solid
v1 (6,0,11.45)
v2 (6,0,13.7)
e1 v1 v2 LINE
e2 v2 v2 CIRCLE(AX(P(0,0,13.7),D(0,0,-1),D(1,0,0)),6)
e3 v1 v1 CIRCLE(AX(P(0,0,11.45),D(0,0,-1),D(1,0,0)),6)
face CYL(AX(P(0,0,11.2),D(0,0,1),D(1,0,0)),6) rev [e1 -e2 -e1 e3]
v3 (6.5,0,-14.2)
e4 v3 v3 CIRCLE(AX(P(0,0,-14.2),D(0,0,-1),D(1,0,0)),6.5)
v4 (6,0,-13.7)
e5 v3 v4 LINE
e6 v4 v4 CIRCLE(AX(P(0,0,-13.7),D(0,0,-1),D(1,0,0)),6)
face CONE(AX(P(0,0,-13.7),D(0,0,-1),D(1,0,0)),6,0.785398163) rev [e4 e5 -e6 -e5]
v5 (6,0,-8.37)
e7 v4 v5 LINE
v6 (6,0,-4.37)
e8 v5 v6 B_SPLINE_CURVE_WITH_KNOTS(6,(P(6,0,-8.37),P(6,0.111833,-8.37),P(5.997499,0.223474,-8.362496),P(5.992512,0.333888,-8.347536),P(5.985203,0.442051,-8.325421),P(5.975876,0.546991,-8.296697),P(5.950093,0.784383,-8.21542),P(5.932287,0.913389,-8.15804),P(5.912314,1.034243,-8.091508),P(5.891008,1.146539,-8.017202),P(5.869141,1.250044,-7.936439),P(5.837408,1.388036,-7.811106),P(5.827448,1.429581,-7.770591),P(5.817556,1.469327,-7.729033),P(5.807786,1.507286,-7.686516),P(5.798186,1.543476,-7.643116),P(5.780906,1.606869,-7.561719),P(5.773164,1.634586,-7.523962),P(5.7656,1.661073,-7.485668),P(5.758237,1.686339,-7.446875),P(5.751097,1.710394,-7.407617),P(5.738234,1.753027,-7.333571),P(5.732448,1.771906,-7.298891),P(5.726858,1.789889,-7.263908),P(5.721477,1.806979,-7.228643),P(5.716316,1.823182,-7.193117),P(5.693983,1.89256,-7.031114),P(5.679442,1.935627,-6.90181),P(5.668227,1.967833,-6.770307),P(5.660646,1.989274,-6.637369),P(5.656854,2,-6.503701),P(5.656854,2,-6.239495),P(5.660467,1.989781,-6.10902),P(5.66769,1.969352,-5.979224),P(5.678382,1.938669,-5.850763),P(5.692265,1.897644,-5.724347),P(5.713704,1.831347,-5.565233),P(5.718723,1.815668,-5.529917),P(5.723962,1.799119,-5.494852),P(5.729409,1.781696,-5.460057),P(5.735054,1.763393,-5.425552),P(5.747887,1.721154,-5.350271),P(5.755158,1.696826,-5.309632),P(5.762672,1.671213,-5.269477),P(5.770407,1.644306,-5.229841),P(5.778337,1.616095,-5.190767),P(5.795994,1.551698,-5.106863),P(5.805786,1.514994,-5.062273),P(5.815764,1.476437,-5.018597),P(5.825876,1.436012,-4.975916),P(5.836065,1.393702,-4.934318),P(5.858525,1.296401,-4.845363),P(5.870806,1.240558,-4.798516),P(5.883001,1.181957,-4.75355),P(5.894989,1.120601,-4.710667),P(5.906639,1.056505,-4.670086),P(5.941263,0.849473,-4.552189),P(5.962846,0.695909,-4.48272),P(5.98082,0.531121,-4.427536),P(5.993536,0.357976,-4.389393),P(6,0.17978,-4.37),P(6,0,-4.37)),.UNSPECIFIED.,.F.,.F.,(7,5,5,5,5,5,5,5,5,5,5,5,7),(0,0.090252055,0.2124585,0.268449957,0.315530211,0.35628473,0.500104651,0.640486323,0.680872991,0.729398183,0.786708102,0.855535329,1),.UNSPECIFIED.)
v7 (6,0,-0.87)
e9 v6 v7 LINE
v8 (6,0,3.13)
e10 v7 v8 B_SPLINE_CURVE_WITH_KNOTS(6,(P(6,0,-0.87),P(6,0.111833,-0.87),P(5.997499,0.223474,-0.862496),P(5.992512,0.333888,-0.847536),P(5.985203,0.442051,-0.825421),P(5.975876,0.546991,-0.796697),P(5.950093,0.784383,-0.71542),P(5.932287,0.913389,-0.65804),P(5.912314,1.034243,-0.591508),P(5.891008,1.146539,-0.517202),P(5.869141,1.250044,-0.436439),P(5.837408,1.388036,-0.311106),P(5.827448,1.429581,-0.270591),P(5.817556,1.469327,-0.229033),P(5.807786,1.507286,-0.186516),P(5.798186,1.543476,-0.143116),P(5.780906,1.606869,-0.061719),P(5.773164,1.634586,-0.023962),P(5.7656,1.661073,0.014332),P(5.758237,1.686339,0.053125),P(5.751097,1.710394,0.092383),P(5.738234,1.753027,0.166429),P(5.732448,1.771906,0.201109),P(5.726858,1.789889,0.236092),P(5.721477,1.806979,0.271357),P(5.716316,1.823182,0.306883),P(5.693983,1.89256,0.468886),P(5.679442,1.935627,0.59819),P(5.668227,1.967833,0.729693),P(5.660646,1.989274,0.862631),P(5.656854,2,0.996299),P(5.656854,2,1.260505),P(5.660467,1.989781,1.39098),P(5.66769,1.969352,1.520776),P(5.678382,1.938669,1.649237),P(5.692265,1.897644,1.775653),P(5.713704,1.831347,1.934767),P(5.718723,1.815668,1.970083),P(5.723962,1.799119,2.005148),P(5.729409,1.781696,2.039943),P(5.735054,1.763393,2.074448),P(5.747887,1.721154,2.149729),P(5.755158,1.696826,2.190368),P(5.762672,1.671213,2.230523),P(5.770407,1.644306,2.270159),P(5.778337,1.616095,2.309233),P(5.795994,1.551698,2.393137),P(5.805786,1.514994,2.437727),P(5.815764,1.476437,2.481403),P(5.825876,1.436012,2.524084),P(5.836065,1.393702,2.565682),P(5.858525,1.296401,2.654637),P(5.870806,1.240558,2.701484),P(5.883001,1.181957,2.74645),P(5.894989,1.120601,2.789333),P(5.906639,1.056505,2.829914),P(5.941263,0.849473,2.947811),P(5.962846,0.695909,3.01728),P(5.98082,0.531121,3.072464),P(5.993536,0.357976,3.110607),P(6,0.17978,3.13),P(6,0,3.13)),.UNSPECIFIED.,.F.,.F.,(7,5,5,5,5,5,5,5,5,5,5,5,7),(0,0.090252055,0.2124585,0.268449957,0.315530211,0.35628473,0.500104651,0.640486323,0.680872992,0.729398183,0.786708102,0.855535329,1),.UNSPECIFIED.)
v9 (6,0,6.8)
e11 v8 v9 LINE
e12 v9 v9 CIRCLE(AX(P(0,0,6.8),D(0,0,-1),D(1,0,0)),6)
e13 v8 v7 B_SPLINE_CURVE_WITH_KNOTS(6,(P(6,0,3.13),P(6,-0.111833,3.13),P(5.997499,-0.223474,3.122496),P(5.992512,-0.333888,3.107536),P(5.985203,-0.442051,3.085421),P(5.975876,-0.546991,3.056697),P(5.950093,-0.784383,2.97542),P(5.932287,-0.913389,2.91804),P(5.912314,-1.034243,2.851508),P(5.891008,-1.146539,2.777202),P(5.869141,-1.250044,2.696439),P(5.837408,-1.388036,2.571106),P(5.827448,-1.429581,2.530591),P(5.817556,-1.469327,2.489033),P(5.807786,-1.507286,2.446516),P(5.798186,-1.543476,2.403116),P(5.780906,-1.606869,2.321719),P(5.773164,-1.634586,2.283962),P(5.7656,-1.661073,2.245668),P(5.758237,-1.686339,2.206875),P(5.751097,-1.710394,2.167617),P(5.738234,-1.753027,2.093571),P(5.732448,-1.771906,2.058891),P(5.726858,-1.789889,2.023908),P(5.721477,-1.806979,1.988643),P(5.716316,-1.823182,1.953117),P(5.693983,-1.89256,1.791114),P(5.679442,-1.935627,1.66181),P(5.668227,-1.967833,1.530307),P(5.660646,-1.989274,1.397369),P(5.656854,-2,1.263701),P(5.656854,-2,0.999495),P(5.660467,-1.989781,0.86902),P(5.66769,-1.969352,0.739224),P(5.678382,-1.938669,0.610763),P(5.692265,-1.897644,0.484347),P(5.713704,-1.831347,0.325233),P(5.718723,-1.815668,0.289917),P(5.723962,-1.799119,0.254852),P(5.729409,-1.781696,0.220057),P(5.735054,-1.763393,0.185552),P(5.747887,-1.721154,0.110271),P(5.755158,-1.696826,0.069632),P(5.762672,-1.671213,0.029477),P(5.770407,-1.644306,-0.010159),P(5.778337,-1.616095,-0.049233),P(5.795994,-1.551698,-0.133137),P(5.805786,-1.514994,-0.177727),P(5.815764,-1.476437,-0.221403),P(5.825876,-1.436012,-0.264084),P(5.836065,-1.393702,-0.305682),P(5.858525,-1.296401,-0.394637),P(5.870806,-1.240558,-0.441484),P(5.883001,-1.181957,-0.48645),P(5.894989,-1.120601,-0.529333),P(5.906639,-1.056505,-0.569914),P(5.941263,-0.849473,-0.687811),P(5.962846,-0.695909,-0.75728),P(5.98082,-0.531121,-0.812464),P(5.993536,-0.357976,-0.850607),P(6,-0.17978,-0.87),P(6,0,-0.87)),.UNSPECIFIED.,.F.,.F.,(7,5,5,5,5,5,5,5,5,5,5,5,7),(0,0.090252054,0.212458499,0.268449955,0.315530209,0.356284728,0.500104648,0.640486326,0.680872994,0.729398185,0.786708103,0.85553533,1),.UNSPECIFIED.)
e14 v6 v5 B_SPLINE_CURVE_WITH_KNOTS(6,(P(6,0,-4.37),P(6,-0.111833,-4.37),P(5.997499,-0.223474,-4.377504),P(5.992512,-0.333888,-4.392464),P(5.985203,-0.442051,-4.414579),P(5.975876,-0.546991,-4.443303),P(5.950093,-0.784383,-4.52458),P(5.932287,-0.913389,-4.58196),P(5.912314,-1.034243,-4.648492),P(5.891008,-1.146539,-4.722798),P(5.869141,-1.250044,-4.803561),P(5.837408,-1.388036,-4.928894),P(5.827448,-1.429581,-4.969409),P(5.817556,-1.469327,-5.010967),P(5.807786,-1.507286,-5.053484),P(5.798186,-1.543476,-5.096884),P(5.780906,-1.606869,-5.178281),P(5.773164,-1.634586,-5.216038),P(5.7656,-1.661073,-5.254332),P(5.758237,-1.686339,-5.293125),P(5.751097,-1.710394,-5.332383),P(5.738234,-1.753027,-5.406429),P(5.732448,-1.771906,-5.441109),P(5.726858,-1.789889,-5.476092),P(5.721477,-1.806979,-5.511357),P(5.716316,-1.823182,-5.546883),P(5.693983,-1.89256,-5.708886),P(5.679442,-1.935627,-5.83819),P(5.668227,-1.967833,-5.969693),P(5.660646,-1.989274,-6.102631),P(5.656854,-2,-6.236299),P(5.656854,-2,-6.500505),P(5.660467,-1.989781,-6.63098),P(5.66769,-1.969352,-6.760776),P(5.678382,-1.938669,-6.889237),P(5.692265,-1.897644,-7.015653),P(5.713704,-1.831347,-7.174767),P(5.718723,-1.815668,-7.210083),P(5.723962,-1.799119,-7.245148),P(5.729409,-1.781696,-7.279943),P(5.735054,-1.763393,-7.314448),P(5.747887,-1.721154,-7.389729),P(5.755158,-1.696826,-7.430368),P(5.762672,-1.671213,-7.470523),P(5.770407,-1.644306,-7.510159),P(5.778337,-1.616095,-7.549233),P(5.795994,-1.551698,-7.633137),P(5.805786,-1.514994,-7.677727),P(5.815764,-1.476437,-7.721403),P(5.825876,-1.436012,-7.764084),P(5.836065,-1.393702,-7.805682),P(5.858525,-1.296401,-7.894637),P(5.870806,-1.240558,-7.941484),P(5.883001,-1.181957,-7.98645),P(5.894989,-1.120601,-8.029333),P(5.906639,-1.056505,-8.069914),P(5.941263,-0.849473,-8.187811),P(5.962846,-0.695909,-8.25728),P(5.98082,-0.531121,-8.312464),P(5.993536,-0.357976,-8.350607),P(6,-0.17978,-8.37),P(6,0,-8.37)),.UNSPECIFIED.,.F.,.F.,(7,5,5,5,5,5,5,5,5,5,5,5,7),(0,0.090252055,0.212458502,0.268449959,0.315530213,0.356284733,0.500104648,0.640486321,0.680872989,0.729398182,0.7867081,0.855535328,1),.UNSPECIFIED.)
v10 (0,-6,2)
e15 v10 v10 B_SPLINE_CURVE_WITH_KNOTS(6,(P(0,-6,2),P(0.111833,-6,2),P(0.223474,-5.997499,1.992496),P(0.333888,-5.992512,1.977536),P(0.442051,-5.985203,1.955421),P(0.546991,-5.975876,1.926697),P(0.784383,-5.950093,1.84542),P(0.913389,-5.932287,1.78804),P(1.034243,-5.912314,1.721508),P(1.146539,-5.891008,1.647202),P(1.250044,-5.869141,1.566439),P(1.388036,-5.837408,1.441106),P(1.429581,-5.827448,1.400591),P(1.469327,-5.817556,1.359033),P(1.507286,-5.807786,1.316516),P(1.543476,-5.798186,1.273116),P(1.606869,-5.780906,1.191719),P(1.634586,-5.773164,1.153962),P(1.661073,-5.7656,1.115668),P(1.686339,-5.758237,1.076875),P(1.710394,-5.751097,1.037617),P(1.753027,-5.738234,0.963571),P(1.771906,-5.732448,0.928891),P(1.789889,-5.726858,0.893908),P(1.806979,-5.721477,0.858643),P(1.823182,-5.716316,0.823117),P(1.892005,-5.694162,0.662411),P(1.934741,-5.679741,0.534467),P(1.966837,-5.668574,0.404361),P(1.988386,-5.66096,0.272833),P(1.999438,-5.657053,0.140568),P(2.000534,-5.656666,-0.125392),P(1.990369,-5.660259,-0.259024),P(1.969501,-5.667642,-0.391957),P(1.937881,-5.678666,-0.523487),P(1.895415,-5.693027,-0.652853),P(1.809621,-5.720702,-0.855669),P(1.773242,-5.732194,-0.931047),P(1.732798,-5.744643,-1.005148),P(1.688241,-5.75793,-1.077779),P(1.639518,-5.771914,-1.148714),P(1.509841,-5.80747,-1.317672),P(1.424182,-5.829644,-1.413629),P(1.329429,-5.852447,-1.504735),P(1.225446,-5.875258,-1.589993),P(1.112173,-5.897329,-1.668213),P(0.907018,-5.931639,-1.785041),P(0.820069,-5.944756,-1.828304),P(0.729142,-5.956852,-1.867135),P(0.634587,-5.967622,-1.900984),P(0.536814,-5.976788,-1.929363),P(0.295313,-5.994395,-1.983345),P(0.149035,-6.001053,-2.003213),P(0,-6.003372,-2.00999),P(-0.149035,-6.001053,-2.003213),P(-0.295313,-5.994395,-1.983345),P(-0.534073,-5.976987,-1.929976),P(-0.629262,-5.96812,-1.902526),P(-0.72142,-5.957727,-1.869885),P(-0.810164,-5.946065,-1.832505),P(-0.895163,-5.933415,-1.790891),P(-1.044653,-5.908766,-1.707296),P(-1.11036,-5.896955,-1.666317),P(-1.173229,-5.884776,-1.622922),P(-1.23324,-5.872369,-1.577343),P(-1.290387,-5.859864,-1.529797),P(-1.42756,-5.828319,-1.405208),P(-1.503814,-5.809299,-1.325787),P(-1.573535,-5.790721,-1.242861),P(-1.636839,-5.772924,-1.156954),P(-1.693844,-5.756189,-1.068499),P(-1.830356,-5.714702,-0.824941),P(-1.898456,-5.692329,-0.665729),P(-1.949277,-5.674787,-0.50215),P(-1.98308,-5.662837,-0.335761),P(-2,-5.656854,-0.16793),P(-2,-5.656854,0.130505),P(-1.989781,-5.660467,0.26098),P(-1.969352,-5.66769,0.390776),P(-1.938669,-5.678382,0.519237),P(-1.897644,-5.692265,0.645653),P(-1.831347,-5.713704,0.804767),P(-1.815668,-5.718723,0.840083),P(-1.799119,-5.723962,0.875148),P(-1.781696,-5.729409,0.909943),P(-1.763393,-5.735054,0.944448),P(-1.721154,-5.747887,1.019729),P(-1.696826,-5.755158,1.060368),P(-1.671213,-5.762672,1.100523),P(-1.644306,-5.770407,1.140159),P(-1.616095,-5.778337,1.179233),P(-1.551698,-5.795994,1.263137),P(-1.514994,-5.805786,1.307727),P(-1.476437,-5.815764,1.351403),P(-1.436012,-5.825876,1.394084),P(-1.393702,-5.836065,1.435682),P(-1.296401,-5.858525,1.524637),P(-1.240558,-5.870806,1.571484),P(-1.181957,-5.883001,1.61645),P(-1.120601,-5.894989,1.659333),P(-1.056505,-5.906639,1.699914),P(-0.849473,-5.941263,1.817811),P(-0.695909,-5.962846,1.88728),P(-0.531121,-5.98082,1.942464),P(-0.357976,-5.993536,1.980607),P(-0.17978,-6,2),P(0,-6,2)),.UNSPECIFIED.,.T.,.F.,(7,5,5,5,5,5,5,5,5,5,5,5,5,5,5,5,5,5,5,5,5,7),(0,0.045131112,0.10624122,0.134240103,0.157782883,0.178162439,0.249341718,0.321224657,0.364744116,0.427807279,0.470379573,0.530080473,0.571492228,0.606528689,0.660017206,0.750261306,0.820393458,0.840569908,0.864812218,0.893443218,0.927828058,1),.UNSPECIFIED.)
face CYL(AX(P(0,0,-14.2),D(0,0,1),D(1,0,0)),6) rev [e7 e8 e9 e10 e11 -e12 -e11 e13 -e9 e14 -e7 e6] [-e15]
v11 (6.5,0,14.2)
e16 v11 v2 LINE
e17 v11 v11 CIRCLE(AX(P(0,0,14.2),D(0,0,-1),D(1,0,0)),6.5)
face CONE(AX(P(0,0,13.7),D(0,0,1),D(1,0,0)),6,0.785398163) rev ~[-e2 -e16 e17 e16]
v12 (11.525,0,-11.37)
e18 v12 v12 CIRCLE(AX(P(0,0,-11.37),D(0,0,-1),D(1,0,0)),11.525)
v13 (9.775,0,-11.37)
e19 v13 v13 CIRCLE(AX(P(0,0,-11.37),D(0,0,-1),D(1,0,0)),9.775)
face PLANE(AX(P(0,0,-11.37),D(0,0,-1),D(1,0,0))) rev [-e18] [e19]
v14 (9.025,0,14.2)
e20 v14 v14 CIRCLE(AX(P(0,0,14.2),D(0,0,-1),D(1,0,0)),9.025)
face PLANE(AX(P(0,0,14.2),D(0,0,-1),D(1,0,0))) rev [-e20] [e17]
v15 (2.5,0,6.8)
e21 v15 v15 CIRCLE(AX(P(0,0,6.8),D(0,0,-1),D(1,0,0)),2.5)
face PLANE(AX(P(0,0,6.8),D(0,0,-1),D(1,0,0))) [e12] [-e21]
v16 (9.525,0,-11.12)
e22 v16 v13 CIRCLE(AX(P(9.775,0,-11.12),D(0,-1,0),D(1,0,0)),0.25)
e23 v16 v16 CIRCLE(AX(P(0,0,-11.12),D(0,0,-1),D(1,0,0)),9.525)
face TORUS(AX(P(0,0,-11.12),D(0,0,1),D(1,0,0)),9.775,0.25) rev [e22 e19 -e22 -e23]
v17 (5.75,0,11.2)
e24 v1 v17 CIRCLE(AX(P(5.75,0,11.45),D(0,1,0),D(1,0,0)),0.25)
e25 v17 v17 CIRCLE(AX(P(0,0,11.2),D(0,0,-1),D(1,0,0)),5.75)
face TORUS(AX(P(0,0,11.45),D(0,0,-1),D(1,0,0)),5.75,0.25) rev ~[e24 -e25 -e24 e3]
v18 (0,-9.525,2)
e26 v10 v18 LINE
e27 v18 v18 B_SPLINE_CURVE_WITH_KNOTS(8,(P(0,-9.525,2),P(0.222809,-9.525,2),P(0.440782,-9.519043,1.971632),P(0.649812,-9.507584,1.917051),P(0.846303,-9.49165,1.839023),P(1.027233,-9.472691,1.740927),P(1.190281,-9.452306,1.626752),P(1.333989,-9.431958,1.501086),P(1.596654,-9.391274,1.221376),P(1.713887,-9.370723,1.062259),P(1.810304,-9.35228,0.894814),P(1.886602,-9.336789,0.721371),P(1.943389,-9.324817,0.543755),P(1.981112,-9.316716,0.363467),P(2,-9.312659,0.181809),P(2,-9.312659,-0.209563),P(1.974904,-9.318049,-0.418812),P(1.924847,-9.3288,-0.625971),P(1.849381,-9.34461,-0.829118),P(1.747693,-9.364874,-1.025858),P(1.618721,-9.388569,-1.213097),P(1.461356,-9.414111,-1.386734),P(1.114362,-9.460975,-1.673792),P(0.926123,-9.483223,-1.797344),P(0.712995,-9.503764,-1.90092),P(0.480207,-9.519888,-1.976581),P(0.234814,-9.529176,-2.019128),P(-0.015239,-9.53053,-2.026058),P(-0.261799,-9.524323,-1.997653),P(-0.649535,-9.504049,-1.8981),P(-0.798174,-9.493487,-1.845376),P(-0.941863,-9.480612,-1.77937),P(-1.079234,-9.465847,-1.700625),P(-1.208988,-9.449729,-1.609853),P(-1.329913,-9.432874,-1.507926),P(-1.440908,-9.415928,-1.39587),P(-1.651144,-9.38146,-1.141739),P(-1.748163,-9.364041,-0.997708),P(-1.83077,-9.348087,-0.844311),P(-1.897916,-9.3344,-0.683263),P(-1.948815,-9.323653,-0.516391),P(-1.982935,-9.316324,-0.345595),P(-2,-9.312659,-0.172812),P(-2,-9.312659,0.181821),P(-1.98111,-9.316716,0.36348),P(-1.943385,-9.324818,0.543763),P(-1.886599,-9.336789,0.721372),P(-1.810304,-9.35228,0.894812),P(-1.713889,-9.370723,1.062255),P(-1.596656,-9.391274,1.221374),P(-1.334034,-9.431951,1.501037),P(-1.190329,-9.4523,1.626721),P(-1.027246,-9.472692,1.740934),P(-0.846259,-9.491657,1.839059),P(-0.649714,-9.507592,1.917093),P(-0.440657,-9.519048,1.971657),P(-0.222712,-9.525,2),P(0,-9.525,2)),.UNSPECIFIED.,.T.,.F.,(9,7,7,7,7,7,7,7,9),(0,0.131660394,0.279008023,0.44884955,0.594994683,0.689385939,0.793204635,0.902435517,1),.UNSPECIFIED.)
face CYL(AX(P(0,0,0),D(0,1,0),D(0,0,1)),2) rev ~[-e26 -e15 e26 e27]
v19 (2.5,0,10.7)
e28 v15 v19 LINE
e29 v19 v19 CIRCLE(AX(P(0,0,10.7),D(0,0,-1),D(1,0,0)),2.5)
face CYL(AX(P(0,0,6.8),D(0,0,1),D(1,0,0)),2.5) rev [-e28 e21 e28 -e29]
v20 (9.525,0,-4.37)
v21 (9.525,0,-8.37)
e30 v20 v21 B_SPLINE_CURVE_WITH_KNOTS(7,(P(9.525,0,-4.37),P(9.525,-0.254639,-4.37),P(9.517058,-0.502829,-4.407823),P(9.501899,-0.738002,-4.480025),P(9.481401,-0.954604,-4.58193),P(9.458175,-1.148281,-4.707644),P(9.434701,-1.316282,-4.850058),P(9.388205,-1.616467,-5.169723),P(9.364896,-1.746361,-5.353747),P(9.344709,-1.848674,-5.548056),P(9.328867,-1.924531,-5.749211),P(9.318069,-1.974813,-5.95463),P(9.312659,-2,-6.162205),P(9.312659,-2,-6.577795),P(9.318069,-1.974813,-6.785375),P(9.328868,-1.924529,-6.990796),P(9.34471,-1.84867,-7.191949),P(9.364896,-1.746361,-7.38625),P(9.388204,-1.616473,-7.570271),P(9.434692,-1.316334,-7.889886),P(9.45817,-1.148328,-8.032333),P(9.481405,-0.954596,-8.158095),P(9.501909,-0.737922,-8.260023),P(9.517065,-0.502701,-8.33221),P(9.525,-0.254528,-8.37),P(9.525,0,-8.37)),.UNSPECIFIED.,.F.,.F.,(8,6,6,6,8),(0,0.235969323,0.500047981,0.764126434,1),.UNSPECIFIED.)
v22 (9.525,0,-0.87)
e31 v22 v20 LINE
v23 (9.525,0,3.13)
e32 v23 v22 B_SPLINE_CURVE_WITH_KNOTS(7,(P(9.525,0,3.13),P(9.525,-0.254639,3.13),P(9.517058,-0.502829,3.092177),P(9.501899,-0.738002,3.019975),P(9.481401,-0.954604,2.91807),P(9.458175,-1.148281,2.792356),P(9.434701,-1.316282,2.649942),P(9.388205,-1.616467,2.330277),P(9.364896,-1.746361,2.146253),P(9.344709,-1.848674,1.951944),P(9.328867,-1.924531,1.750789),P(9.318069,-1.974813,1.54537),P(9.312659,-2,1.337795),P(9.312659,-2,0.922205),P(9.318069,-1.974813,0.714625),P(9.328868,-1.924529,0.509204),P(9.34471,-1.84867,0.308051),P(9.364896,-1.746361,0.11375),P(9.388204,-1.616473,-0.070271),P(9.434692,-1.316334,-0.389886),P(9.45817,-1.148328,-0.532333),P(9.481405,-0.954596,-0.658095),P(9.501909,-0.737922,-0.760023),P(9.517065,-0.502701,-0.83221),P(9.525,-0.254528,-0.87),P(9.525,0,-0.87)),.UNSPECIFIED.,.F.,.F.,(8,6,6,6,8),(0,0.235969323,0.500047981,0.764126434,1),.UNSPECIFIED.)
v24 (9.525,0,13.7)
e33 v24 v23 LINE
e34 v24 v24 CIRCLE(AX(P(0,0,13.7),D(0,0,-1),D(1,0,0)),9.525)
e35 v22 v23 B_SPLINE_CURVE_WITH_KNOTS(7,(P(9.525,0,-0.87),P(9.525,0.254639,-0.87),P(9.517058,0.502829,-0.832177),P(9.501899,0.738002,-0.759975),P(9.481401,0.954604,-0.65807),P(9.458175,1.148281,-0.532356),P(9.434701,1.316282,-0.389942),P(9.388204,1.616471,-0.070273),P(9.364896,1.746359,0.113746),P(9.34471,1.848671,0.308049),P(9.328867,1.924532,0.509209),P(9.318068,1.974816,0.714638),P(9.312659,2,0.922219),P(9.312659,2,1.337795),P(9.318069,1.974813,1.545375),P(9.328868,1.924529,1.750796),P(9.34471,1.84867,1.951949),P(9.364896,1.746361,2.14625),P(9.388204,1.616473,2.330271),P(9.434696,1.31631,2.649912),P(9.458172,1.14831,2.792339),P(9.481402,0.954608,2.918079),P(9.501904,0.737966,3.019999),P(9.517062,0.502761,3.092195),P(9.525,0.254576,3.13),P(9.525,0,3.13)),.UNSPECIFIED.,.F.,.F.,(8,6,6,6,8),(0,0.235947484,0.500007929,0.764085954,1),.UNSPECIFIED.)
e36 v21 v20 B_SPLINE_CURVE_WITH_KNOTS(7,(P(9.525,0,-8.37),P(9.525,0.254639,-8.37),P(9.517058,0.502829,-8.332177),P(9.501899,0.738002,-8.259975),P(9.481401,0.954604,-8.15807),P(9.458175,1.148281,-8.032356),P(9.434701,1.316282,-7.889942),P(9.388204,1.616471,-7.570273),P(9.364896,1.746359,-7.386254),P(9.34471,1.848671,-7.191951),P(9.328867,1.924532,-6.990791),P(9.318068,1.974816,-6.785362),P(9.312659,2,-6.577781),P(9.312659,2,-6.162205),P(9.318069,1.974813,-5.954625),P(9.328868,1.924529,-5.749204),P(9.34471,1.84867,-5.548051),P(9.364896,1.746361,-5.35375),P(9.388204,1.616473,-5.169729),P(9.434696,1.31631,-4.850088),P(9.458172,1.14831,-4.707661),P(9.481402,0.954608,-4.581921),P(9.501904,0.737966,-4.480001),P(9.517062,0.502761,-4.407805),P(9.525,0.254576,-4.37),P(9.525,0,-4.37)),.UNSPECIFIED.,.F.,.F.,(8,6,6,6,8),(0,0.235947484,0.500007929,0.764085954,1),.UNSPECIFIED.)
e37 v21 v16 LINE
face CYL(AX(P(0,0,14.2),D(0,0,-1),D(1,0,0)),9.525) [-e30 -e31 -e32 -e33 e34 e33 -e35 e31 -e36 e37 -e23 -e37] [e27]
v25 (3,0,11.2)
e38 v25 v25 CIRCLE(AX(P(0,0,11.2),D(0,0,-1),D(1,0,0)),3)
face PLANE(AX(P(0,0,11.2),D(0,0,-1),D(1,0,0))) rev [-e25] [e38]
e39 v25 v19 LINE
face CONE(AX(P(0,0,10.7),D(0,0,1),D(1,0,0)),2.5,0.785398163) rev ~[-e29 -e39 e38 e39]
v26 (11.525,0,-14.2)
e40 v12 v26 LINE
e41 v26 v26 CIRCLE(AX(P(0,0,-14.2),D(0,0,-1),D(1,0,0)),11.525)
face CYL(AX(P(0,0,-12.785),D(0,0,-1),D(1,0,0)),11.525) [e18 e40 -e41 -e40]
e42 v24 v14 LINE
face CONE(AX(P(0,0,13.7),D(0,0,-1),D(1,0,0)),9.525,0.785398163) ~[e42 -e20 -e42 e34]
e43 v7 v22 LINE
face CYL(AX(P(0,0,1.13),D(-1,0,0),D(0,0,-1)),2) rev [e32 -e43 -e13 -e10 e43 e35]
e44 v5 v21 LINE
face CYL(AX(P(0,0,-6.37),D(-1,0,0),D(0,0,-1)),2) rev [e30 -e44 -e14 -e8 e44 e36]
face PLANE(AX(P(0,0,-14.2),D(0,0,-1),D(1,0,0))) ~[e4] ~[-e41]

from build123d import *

# Parameters (mm, degrees)
SKETCH3_W          = 2.83
SKETCH3_H          = 2
CHAMFER1_SIZE      = 0.5
FILLET1_R          = 0.25
SKETCH4_R          = 2
CUT_EXTRUDE2_DEPTH = 22.616920456
SKETCH5_R          = 2
CUT_EXTRUDE3_DEPTH = 22.616920456


with BuildPart() as part:
    # Sketch1 → Revolve1 (revolve)
    with BuildSketch(Plane(origin=(0, 0, 0), x_dir=(0, 0, -1), z_dir=(1, 0, 0)), mode=Mode.PRIVATE) as revolve1_sk:
        Polygon((-14.2, 6), (-14.2, 9.525), (14.2, 9.525), (14.2, 6), (-6.8, 6), (-6.8, 2.5), (-11.2, 2.5), (-11.2, 6), align=None)
    revolve(revolve1_sk.sketch.rotate(Axis((0, 0, 14.2), (0, 0, -1)), 90), axis=Axis((0, 0, 14.2), (0, 0, -1)))

    # Sketch3 → Revolve2 (revolve)
    with BuildSketch(Plane(origin=(0, 0, 0), x_dir=(0, 0, -1), z_dir=(1, 0, 0)), mode=Mode.PRIVATE) as revolve2_sk:
        with Locations((12.785, 10.525)):
            Rectangle(SKETCH3_W, SKETCH3_H)
    revolve(revolve2_sk.sketch.rotate(Axis((0, 0, 0), (0, 0, -1)), 90), axis=Axis((0, 0, 0), (0, 0, -1)))

    # Chamfer1
    chamfer1_edges = [part.edges().sort_by_distance(p)[0] for p in [
        (-2.5, 0, 11.2),
        (-6, 0, -14.2),
        (-9.525, 0, 14.2),
        (-6, 0, 14.2),
    ]]
    chamfer(chamfer1_edges, length=CHAMFER1_SIZE)

    # Fillet1
    fillet1_edges = [part.edges().sort_by_distance(p)[0] for p in [
        (-9.525, 0, -11.37),
        (-6, 0, 11.2),
    ]]
    fillet(fillet1_edges, radius=FILLET1_R)

    # Sketch4 → Cut-Extrude2 (cut, through all)
    with BuildSketch(Plane(origin=(0, 0, 0), x_dir=(0, 0, -1), z_dir=(1, 0, 0))):
        with Locations((6.37, 0)):
            Circle(SKETCH4_R)
        with Locations((-1.13, 0)):
            Circle(SKETCH4_R)
    extrude(amount=CUT_EXTRUDE2_DEPTH, mode=Mode.SUBTRACT)

    # Sketch5 → Cut-Extrude3 (cut, through all)
    with BuildSketch(Plane(origin=(0, 0, 0), x_dir=(1, 0, 0), z_dir=(0, 1, 0))):
        with Locations(Location((0, 0, 0), (0, 0, 270))):
            Circle(SKETCH5_R)
    extrude(amount=-CUT_EXTRUDE3_DEPTH, mode=Mode.SUBTRACT)


solid = part.part
